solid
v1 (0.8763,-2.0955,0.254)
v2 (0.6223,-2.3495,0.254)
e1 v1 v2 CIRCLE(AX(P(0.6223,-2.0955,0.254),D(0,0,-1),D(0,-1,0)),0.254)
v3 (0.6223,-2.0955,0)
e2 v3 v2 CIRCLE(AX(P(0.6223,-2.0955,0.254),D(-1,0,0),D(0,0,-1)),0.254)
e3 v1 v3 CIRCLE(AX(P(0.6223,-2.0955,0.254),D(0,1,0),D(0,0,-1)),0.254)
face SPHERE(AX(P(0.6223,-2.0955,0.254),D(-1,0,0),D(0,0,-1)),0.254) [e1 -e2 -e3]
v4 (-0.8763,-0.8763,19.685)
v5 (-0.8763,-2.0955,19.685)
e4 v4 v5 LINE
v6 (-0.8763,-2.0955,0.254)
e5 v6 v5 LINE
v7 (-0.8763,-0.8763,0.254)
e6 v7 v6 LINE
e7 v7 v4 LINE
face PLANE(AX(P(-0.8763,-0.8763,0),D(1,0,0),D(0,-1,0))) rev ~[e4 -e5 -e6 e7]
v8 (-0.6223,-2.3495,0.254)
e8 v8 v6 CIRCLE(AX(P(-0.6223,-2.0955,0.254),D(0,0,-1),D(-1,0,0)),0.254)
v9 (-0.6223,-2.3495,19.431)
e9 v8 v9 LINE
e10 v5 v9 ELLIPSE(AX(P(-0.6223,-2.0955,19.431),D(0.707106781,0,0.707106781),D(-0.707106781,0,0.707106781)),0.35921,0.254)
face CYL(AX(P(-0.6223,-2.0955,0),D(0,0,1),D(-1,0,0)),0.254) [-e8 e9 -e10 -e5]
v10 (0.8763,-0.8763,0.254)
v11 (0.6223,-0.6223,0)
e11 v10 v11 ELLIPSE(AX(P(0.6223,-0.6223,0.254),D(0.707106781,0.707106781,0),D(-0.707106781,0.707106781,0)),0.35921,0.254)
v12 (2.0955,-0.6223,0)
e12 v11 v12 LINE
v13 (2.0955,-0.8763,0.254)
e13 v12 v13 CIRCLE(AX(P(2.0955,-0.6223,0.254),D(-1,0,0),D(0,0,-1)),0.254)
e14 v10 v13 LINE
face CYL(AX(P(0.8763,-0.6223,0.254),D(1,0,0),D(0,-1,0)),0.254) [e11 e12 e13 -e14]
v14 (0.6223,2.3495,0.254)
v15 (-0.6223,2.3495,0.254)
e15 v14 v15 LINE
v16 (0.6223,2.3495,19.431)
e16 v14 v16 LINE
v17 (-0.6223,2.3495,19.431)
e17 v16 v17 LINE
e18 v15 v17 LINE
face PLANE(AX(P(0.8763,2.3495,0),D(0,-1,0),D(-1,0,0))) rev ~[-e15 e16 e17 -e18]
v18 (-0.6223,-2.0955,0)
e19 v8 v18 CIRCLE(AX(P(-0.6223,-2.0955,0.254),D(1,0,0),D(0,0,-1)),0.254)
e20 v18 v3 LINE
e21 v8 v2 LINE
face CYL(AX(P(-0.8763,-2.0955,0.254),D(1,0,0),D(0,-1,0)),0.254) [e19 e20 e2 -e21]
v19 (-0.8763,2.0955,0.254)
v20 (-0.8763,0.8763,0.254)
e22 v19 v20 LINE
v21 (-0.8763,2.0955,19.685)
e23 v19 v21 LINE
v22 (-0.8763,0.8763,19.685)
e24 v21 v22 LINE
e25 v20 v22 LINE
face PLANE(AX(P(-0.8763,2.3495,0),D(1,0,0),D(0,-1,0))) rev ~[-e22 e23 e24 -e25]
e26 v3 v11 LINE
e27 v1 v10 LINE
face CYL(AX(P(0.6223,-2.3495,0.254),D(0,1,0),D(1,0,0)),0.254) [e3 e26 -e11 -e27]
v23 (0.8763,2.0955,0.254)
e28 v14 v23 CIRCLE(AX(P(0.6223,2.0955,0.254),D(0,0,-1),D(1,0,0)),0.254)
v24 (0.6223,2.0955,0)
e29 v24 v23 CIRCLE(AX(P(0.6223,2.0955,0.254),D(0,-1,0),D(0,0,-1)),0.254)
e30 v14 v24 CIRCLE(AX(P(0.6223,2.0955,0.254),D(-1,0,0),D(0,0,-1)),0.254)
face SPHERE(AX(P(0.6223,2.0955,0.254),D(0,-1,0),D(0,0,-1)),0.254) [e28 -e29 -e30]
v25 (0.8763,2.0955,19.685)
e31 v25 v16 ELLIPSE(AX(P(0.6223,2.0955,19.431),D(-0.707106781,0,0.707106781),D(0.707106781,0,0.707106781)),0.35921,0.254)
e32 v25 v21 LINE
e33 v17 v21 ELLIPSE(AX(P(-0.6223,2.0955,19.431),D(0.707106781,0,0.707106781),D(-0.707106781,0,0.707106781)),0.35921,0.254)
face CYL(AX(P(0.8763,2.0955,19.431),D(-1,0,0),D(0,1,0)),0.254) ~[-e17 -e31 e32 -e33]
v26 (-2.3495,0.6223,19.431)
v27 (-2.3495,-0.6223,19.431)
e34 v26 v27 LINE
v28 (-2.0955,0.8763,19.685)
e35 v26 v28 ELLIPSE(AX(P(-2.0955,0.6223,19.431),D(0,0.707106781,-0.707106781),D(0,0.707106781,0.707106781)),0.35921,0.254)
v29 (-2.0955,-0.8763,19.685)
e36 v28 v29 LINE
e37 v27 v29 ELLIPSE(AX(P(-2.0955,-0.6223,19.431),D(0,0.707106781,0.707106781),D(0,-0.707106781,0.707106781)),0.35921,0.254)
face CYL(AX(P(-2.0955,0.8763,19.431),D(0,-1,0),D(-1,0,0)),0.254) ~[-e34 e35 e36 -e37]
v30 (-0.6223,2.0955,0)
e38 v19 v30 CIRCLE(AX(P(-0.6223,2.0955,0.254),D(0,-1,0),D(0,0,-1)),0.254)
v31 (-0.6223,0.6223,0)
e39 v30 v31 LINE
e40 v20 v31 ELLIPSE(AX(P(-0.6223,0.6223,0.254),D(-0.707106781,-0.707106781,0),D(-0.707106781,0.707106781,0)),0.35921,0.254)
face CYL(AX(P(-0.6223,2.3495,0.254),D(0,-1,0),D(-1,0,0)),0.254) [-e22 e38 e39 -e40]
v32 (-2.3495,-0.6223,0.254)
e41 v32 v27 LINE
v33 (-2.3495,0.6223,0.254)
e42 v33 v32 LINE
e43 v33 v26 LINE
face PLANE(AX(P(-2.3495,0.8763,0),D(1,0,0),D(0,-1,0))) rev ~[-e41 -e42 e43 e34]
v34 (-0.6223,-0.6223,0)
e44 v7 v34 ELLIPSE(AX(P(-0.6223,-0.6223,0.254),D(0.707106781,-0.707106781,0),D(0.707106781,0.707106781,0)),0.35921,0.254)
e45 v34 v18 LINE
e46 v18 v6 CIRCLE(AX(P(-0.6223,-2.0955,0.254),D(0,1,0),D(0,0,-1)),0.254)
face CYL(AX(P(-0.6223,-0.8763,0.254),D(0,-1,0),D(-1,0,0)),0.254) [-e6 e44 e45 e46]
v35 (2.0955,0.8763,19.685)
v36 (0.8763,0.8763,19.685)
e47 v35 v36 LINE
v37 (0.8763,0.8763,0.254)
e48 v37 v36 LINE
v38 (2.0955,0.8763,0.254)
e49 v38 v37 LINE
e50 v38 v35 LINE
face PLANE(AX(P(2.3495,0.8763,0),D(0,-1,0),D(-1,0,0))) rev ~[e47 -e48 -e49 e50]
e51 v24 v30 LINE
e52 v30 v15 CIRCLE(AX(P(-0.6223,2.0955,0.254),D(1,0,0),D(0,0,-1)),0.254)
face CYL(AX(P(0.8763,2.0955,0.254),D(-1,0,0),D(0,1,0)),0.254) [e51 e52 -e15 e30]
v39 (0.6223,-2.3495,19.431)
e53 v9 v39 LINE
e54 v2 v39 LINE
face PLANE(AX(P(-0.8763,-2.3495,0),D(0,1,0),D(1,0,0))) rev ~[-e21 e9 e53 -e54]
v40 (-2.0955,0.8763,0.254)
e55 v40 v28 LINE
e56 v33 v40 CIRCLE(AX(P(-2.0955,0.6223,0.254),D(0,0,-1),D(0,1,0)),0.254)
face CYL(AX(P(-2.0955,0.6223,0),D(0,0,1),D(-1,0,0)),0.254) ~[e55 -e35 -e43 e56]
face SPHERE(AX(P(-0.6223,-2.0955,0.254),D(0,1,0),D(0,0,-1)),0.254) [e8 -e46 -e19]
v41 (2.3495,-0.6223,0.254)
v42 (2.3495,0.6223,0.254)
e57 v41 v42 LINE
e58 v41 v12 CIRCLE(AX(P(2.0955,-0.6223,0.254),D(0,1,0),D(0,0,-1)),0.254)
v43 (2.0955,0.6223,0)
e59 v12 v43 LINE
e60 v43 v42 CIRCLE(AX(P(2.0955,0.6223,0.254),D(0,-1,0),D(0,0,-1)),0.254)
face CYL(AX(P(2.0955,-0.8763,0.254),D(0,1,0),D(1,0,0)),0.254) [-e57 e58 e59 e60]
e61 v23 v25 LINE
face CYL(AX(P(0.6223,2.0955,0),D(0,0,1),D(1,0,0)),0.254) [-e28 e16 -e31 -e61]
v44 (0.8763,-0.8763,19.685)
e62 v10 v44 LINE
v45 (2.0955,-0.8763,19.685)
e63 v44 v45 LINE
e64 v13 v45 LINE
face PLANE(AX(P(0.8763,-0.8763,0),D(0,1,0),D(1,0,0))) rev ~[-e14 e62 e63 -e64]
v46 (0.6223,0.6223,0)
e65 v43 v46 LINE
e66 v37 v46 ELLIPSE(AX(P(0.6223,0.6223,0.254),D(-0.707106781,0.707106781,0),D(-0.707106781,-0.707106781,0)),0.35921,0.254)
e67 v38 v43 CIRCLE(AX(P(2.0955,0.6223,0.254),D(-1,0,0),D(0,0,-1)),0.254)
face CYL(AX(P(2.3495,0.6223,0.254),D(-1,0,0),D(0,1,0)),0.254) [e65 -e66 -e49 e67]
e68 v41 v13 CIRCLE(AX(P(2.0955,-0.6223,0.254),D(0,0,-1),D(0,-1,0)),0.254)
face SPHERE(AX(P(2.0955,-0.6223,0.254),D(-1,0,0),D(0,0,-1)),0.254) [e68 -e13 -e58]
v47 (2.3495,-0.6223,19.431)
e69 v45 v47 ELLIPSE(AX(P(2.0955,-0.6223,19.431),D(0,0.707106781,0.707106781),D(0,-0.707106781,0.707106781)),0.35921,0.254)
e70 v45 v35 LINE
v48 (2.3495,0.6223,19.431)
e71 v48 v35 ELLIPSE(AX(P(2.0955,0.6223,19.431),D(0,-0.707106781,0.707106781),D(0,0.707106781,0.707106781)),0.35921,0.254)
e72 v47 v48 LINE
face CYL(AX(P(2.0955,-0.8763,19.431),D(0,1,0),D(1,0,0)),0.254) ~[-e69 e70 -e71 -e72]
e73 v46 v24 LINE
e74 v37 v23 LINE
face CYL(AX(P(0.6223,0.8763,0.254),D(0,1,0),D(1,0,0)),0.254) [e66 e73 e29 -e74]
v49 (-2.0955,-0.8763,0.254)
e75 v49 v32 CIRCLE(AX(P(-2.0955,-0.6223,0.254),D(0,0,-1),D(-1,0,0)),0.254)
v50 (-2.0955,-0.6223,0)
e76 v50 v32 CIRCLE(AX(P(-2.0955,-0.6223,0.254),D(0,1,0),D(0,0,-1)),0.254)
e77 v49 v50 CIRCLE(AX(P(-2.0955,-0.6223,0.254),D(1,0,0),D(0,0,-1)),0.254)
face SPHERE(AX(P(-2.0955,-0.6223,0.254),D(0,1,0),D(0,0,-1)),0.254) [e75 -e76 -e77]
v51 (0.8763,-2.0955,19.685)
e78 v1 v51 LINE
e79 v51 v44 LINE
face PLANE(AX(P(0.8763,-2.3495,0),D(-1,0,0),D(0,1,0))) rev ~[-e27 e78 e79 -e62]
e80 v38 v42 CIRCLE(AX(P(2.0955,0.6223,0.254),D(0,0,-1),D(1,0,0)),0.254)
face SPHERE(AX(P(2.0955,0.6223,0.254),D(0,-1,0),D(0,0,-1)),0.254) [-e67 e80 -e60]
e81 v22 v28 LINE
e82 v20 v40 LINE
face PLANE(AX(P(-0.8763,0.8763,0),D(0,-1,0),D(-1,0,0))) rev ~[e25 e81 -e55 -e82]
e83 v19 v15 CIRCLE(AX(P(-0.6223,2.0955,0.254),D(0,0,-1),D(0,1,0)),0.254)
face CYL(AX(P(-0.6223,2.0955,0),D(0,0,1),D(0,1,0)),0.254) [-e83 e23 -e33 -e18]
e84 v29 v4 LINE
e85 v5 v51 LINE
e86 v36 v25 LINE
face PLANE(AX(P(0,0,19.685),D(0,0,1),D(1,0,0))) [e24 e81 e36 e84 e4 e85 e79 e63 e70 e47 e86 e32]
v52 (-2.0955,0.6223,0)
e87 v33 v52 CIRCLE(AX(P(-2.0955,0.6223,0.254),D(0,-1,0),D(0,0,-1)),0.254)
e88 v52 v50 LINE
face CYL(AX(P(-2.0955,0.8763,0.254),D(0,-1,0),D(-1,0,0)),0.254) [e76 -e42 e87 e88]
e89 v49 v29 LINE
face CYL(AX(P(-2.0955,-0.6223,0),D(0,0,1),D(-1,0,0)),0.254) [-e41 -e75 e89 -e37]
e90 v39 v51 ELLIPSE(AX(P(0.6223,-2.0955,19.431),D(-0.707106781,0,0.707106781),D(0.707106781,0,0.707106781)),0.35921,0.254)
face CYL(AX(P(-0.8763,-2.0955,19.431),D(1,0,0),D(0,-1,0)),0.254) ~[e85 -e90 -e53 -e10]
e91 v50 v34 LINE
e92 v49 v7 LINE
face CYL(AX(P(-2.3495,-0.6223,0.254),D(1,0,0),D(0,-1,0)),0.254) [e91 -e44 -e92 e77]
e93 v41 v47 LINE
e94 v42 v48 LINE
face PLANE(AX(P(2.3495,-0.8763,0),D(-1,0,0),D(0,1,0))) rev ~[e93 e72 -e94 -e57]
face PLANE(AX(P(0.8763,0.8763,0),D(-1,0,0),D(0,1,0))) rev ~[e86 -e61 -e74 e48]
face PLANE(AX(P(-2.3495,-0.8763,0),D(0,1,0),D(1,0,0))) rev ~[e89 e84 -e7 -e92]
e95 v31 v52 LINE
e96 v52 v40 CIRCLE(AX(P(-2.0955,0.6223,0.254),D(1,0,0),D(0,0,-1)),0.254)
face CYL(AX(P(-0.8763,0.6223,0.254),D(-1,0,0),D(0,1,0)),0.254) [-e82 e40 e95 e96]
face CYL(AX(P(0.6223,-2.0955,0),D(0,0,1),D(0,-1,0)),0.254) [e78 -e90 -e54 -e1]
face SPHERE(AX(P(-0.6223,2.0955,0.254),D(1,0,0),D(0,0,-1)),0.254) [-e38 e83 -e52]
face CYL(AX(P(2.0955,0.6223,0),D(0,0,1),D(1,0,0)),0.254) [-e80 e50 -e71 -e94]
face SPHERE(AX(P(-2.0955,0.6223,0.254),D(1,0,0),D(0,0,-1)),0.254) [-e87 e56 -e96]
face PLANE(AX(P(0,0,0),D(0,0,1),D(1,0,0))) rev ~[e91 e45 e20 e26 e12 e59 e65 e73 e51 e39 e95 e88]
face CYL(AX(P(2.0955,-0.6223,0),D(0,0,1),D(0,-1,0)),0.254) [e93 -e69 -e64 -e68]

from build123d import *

# Parameters (mm, degrees)
F1_DEPTH = 19.685
F2_R     = 0.254


with BuildPart() as f1:
    # F0 (on Top) → F1 (new body)
    with BuildSketch(Plane.XY):
        Polygon((-2.3495, 0.8763), (-2.3495, 0), (-2.3495, -0.8763), (-0.8763, -0.8763), (-0.8763, -2.3495), (0, -2.3495), (0.8763, -2.3495), (0.8763, -0.8763), (2.3495, -0.8763), (2.3495, 0), (2.3495, 0.8763), (0.8763, 0.8763), (0.8763, 2.3495), (0, 2.3495), (-0.8763, 2.3495), (-0.8763, 0.8763), align=None)
    extrude(amount=F1_DEPTH)

    # F2
    f2_edges = [f1.edges().sort_by_distance(p)[0] for p in [
        (-1.6129, 0.8763, 0),
        (-2.3495, 0, 0),
        (-1.6129, -0.8763, 0),
        (-0.8763, -1.6129, 0),
        (0, -2.3495, 0),
        (0.8763, -1.6129, 0),
        (1.6129, -0.8763, 0),
        (2.3495, 0, 0),
        (1.6129, 0.8763, 0),
        (0.8763, 1.6129, 0),
        (0, 2.3495, 0),
        (-0.8763, 1.6129, 0),
        (-2.3495, 0.8763, 9.8425),
        (-2.3495, 0, 19.685),
        (-2.3495, -0.8763, 9.8425),
        (0.8763, 2.3495, 9.8425),
        (0, 2.3495, 19.685),
        (-0.8763, 2.3495, 9.8425),
        (2.3495, -0.8763, 9.8425),
        (2.3495, 0, 19.685),
        (2.3495, 0.8763, 9.8425),
        (-0.8763, -2.3495, 9.8425),
        (0, -2.3495, 19.685),
        (0.8763, -2.3495, 9.8425),
    ]]
    fillet(f2_edges, radius=F2_R)


solid = f1.part
